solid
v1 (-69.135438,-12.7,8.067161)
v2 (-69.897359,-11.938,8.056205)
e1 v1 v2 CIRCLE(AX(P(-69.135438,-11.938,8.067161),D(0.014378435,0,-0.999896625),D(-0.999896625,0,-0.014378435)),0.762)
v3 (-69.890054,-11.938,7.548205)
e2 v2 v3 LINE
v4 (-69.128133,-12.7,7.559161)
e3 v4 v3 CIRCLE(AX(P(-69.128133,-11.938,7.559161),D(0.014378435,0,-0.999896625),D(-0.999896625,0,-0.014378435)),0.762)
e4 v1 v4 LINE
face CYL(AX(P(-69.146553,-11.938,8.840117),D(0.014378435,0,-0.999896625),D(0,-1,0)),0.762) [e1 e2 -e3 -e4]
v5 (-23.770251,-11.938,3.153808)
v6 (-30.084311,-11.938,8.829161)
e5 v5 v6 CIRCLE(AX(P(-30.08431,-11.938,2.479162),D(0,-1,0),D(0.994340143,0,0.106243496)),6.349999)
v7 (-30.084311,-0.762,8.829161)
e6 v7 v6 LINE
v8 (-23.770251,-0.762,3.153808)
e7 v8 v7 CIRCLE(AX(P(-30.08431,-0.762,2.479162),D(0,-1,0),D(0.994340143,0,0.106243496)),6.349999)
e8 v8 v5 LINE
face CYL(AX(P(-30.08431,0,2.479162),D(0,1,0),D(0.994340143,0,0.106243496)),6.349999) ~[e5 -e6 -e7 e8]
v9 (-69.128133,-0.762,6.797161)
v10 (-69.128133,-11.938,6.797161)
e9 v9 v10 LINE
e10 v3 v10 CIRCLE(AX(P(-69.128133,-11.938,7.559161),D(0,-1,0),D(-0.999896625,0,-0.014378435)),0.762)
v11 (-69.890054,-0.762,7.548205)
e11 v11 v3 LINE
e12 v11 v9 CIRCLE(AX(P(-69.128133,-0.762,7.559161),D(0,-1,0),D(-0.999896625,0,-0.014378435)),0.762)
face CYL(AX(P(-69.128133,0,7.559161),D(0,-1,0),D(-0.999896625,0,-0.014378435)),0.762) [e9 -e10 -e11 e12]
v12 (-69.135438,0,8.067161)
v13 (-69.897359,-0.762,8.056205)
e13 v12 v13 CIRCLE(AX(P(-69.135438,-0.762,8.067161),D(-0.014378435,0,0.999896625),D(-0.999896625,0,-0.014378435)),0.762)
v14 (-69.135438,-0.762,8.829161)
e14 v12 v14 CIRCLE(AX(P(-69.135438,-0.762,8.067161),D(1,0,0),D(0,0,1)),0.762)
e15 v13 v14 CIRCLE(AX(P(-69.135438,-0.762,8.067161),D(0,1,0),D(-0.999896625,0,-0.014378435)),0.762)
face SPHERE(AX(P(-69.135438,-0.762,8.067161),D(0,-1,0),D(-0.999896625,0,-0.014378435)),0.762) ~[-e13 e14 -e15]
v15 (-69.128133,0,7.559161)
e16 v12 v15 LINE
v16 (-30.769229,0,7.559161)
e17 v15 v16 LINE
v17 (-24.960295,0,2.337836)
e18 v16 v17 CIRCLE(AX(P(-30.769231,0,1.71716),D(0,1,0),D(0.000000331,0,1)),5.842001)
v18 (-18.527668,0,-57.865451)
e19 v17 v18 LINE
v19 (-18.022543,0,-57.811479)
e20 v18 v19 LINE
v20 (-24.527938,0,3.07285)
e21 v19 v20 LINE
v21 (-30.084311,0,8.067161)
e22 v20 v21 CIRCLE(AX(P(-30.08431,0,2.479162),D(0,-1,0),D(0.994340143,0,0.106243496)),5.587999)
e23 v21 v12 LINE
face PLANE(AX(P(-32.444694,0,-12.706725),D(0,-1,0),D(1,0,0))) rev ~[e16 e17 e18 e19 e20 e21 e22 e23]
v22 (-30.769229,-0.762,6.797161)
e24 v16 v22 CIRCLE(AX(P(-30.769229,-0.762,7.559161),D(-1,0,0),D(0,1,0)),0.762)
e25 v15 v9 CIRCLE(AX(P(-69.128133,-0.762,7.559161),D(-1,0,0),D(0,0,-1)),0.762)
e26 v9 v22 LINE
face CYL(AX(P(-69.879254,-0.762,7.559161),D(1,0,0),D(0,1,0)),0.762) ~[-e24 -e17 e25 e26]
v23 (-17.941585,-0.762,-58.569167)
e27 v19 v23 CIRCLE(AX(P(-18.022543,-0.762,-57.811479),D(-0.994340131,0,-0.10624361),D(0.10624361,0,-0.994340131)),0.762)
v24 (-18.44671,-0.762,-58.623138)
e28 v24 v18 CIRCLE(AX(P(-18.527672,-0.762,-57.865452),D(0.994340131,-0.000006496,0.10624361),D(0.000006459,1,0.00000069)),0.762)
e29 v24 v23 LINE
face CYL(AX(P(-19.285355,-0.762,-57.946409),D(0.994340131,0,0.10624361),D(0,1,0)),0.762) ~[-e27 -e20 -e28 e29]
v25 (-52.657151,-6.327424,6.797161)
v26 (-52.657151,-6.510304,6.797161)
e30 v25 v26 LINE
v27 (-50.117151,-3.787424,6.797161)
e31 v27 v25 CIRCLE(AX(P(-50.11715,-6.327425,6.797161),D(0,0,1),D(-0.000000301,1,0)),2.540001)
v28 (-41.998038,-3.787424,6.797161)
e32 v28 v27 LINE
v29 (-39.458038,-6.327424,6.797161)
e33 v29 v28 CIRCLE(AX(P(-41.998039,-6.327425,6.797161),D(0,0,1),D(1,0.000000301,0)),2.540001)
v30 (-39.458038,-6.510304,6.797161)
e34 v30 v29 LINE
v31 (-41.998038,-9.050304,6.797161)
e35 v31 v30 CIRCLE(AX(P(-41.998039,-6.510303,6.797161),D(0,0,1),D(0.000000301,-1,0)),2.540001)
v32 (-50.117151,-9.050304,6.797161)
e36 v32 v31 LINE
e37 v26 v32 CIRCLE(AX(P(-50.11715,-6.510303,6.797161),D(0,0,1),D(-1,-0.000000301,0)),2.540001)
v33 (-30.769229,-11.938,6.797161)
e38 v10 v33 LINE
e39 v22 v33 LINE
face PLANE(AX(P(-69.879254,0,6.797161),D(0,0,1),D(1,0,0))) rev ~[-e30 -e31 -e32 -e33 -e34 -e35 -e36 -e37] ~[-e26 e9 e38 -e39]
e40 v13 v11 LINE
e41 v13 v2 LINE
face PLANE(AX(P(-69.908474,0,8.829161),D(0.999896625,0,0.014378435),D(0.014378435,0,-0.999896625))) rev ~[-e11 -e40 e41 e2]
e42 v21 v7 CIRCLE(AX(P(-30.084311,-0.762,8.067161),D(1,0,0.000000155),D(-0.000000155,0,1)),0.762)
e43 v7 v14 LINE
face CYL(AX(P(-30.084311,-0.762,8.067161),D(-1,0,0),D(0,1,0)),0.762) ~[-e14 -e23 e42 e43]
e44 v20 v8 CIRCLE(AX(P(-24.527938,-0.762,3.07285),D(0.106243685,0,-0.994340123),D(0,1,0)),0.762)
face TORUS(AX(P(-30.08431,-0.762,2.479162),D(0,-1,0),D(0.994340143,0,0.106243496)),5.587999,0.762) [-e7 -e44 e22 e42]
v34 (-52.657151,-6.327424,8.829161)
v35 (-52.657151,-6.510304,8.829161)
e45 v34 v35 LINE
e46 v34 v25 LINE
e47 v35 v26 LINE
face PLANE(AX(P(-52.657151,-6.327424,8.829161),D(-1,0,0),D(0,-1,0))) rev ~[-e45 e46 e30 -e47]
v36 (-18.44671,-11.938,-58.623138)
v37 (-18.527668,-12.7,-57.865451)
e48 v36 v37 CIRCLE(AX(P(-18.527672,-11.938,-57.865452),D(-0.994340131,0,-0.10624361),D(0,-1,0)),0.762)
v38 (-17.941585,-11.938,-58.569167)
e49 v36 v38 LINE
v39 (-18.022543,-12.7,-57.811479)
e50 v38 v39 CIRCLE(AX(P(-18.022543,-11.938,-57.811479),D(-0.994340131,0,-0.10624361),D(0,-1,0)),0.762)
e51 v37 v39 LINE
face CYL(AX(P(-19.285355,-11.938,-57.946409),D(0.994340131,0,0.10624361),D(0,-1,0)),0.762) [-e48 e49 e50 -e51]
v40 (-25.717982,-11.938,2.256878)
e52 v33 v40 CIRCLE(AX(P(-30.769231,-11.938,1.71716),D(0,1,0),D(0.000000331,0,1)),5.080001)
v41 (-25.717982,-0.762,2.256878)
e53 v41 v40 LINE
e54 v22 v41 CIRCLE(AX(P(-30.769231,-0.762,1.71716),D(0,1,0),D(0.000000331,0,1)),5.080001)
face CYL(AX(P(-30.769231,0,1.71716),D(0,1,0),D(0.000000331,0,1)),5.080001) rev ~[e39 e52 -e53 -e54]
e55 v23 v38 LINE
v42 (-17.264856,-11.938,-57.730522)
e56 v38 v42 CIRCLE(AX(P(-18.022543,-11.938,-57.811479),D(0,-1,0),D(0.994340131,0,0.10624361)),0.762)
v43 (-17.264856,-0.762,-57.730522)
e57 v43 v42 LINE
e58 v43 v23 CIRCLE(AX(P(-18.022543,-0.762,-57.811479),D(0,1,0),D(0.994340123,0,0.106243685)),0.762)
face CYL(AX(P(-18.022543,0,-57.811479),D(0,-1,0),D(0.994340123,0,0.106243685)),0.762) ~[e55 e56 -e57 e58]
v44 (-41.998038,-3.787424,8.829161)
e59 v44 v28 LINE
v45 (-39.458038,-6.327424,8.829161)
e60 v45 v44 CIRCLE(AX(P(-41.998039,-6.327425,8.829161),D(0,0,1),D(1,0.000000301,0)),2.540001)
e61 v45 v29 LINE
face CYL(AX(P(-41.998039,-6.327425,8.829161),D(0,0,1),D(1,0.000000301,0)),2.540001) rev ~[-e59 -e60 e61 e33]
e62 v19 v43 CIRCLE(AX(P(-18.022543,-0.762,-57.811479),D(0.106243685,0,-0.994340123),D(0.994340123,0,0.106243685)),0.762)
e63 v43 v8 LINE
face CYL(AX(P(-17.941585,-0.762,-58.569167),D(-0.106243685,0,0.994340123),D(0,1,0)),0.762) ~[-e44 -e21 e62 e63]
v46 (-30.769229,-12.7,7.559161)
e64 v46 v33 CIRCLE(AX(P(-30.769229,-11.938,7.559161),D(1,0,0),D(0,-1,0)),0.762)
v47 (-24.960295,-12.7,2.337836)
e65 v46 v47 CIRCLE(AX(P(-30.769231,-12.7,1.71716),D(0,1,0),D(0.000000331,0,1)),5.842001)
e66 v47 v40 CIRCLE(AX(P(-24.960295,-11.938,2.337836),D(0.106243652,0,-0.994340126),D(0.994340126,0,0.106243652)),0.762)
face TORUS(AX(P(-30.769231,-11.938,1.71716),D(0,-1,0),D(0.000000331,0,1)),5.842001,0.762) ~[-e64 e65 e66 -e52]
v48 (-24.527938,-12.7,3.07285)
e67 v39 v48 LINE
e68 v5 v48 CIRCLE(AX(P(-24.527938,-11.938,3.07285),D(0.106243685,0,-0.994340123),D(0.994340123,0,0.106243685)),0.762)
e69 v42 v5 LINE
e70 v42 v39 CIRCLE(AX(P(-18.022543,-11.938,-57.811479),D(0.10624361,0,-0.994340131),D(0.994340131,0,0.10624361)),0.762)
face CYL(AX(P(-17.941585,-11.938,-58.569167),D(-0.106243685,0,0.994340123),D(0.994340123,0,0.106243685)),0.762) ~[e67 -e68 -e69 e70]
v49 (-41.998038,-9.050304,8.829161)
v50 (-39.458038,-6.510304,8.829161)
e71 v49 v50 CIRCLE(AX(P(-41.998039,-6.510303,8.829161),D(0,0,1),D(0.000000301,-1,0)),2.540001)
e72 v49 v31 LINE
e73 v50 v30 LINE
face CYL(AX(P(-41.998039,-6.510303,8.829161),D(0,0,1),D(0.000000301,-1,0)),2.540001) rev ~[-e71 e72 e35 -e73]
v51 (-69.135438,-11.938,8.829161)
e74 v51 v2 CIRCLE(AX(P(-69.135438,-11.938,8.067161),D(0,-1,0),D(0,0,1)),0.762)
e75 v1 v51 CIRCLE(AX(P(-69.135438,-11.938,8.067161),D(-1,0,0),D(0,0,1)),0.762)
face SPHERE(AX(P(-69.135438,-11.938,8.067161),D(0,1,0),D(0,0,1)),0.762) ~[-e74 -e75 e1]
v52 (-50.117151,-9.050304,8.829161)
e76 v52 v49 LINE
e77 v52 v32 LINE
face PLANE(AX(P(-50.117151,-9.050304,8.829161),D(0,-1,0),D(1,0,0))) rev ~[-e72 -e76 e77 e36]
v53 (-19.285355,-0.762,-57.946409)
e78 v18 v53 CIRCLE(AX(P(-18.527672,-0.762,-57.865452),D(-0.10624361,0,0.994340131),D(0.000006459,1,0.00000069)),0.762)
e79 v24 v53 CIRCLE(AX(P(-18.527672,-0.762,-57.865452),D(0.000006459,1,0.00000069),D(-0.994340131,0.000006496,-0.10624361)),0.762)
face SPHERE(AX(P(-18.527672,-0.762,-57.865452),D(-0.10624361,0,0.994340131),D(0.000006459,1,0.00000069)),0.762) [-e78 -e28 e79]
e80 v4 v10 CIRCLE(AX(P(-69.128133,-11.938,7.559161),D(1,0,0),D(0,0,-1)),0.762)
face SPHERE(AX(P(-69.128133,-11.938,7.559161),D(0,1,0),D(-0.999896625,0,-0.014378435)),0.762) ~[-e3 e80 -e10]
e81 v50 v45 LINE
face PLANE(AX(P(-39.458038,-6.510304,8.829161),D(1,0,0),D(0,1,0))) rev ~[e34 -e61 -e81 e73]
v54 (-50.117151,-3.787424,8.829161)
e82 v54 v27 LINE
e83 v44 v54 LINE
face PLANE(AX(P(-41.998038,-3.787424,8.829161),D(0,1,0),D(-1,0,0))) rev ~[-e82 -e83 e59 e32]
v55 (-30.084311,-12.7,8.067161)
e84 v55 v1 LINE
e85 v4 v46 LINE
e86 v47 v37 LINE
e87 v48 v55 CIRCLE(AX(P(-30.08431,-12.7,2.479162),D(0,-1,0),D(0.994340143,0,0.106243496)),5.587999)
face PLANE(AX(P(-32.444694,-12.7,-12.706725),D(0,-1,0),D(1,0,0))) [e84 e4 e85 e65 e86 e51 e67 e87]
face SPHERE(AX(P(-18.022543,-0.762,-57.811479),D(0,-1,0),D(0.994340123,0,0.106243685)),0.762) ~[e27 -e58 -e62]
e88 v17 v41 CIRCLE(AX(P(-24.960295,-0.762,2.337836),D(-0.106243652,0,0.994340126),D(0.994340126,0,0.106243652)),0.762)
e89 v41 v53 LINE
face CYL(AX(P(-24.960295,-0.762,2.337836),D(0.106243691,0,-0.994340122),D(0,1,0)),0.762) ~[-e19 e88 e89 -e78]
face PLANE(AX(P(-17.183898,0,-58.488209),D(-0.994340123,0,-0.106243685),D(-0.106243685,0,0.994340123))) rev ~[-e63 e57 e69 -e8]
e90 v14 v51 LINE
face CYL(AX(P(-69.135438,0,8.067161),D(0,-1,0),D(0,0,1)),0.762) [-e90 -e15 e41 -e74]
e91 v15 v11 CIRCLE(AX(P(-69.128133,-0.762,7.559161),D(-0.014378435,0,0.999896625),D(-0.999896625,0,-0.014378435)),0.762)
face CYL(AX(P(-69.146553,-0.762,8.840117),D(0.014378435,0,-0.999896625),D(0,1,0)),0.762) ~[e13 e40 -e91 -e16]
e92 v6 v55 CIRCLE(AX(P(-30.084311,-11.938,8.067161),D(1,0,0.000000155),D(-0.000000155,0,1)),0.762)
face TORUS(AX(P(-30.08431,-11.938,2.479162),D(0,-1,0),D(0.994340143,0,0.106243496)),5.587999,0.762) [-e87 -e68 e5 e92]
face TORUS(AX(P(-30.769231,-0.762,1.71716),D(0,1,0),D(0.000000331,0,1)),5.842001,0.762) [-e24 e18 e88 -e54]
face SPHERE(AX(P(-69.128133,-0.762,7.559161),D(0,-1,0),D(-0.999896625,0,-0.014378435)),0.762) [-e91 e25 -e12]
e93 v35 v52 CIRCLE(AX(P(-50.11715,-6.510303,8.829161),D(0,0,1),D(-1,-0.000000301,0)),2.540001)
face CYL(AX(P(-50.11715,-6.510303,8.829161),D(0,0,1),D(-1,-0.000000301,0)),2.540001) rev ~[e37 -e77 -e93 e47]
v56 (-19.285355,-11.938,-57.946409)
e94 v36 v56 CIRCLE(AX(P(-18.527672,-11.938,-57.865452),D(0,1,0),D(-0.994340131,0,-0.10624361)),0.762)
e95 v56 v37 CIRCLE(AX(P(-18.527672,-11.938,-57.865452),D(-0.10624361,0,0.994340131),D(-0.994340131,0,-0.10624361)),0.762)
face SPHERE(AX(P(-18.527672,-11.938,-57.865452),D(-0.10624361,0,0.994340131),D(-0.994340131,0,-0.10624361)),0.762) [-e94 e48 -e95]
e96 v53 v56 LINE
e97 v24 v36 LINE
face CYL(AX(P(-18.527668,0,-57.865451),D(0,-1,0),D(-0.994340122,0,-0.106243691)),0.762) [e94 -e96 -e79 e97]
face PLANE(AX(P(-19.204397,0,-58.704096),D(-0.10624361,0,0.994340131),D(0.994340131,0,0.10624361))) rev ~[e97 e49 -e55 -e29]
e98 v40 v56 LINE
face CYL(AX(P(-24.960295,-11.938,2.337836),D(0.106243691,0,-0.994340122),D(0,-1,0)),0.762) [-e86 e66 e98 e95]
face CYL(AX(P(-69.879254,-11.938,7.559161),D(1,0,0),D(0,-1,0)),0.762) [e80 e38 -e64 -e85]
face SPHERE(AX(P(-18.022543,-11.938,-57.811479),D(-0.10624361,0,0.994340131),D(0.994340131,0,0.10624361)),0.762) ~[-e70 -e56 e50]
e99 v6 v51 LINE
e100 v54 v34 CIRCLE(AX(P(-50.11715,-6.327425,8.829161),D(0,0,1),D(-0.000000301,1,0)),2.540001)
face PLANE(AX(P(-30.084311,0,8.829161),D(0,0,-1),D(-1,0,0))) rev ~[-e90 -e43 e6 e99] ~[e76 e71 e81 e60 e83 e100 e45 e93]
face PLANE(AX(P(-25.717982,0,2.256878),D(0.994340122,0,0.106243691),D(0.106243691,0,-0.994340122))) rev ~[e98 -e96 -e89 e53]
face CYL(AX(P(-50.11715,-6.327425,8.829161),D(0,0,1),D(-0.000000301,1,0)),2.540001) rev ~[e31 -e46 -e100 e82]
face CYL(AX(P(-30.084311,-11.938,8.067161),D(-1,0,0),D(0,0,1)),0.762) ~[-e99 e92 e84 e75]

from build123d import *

# Parameters (mm, degrees)
F1_DEPTH = 12.7
F3_DEPTH = 25.4
F4_R     = 0.762


with BuildPart() as f1:
    # F0 (on Front) → F1 (new body)
    with BuildSketch(Plane.XZ):
        with BuildLine():
            Line((-30.084311, 8.829161), (-69.908474, 8.829161))
            Line((-69.908474, 8.829161), (-69.879254, 6.797161))
            Line((-69.879254, 6.797161), (-30.769229, 6.797161))
            ThreePointArc((-30.769229, 6.797161), (-27.373303, 5.495266), (-25.717982, 2.256878))
            Line((-25.717982, 2.256878), (-19.204397, -58.704096))
            Line((-19.204397, -58.704096), (-17.183898, -58.488209))
            Line((-17.183898, -58.488209), (-23.770251, 3.153808))
            ThreePointArc((-23.770251, 3.153808), (-25.839402, 7.201793), (-30.084311, 8.829161))
        make_face()
    extrude(amount=F1_DEPTH)

    # F2 (on face) → F3 (cut)
    with BuildSketch(Plane.XY.offset(8.829161)):
        with BuildLine():
            Line((-41.998038, -3.787424), (-50.117151, -3.787424))
            ThreePointArc((-50.117151, -3.787424), (-51.913202, -4.531373), (-52.657151, -6.327424))
            Line((-52.657151, -6.327424), (-52.657151, -6.510304))
            ThreePointArc((-52.657151, -6.510304), (-51.913202, -8.306355), (-50.117151, -9.050304))
            Line((-50.117151, -9.050304), (-41.998038, -9.050304))
            ThreePointArc((-41.998038, -9.050304), (-40.201987, -8.306355), (-39.458038, -6.510304))
            Line((-39.458038, -6.510304), (-39.458038, -6.327424))
            ThreePointArc((-39.458038, -6.327424), (-40.201987, -4.531373), (-41.998038, -3.787424))
        make_face()
    extrude(amount=-F3_DEPTH, mode=Mode.SUBTRACT)

    # F4
    f4_edges = [f1.edges().sort_by_distance(p)[0] for p in [
        (-49.996392, -12.7, 8.829161),
        (-17.183898, -6.35, -58.488209),
        (-50.324242, -12.7, 6.797161),
        (-20.477074, 0, -27.6672),
        (-22.461189, 0, -28.223609),
        (-18.194148, 0, -58.596152),
        (-19.204397, -6.35, -58.704096),
        (-18.194148, -12.7, -58.596152),
        (-69.879254, -6.35, 6.797161),
        (-69.893864, -12.7, 7.813161),
        (-69.908474, -6.35, 8.829161),
        (-69.893864, 0, 7.813161),
        (-25.839402, 0, 7.201793),
        (-25.839402, -12.7, 7.201793),
    ]]
    fillet(f4_edges, radius=F4_R)


solid = f1.part
